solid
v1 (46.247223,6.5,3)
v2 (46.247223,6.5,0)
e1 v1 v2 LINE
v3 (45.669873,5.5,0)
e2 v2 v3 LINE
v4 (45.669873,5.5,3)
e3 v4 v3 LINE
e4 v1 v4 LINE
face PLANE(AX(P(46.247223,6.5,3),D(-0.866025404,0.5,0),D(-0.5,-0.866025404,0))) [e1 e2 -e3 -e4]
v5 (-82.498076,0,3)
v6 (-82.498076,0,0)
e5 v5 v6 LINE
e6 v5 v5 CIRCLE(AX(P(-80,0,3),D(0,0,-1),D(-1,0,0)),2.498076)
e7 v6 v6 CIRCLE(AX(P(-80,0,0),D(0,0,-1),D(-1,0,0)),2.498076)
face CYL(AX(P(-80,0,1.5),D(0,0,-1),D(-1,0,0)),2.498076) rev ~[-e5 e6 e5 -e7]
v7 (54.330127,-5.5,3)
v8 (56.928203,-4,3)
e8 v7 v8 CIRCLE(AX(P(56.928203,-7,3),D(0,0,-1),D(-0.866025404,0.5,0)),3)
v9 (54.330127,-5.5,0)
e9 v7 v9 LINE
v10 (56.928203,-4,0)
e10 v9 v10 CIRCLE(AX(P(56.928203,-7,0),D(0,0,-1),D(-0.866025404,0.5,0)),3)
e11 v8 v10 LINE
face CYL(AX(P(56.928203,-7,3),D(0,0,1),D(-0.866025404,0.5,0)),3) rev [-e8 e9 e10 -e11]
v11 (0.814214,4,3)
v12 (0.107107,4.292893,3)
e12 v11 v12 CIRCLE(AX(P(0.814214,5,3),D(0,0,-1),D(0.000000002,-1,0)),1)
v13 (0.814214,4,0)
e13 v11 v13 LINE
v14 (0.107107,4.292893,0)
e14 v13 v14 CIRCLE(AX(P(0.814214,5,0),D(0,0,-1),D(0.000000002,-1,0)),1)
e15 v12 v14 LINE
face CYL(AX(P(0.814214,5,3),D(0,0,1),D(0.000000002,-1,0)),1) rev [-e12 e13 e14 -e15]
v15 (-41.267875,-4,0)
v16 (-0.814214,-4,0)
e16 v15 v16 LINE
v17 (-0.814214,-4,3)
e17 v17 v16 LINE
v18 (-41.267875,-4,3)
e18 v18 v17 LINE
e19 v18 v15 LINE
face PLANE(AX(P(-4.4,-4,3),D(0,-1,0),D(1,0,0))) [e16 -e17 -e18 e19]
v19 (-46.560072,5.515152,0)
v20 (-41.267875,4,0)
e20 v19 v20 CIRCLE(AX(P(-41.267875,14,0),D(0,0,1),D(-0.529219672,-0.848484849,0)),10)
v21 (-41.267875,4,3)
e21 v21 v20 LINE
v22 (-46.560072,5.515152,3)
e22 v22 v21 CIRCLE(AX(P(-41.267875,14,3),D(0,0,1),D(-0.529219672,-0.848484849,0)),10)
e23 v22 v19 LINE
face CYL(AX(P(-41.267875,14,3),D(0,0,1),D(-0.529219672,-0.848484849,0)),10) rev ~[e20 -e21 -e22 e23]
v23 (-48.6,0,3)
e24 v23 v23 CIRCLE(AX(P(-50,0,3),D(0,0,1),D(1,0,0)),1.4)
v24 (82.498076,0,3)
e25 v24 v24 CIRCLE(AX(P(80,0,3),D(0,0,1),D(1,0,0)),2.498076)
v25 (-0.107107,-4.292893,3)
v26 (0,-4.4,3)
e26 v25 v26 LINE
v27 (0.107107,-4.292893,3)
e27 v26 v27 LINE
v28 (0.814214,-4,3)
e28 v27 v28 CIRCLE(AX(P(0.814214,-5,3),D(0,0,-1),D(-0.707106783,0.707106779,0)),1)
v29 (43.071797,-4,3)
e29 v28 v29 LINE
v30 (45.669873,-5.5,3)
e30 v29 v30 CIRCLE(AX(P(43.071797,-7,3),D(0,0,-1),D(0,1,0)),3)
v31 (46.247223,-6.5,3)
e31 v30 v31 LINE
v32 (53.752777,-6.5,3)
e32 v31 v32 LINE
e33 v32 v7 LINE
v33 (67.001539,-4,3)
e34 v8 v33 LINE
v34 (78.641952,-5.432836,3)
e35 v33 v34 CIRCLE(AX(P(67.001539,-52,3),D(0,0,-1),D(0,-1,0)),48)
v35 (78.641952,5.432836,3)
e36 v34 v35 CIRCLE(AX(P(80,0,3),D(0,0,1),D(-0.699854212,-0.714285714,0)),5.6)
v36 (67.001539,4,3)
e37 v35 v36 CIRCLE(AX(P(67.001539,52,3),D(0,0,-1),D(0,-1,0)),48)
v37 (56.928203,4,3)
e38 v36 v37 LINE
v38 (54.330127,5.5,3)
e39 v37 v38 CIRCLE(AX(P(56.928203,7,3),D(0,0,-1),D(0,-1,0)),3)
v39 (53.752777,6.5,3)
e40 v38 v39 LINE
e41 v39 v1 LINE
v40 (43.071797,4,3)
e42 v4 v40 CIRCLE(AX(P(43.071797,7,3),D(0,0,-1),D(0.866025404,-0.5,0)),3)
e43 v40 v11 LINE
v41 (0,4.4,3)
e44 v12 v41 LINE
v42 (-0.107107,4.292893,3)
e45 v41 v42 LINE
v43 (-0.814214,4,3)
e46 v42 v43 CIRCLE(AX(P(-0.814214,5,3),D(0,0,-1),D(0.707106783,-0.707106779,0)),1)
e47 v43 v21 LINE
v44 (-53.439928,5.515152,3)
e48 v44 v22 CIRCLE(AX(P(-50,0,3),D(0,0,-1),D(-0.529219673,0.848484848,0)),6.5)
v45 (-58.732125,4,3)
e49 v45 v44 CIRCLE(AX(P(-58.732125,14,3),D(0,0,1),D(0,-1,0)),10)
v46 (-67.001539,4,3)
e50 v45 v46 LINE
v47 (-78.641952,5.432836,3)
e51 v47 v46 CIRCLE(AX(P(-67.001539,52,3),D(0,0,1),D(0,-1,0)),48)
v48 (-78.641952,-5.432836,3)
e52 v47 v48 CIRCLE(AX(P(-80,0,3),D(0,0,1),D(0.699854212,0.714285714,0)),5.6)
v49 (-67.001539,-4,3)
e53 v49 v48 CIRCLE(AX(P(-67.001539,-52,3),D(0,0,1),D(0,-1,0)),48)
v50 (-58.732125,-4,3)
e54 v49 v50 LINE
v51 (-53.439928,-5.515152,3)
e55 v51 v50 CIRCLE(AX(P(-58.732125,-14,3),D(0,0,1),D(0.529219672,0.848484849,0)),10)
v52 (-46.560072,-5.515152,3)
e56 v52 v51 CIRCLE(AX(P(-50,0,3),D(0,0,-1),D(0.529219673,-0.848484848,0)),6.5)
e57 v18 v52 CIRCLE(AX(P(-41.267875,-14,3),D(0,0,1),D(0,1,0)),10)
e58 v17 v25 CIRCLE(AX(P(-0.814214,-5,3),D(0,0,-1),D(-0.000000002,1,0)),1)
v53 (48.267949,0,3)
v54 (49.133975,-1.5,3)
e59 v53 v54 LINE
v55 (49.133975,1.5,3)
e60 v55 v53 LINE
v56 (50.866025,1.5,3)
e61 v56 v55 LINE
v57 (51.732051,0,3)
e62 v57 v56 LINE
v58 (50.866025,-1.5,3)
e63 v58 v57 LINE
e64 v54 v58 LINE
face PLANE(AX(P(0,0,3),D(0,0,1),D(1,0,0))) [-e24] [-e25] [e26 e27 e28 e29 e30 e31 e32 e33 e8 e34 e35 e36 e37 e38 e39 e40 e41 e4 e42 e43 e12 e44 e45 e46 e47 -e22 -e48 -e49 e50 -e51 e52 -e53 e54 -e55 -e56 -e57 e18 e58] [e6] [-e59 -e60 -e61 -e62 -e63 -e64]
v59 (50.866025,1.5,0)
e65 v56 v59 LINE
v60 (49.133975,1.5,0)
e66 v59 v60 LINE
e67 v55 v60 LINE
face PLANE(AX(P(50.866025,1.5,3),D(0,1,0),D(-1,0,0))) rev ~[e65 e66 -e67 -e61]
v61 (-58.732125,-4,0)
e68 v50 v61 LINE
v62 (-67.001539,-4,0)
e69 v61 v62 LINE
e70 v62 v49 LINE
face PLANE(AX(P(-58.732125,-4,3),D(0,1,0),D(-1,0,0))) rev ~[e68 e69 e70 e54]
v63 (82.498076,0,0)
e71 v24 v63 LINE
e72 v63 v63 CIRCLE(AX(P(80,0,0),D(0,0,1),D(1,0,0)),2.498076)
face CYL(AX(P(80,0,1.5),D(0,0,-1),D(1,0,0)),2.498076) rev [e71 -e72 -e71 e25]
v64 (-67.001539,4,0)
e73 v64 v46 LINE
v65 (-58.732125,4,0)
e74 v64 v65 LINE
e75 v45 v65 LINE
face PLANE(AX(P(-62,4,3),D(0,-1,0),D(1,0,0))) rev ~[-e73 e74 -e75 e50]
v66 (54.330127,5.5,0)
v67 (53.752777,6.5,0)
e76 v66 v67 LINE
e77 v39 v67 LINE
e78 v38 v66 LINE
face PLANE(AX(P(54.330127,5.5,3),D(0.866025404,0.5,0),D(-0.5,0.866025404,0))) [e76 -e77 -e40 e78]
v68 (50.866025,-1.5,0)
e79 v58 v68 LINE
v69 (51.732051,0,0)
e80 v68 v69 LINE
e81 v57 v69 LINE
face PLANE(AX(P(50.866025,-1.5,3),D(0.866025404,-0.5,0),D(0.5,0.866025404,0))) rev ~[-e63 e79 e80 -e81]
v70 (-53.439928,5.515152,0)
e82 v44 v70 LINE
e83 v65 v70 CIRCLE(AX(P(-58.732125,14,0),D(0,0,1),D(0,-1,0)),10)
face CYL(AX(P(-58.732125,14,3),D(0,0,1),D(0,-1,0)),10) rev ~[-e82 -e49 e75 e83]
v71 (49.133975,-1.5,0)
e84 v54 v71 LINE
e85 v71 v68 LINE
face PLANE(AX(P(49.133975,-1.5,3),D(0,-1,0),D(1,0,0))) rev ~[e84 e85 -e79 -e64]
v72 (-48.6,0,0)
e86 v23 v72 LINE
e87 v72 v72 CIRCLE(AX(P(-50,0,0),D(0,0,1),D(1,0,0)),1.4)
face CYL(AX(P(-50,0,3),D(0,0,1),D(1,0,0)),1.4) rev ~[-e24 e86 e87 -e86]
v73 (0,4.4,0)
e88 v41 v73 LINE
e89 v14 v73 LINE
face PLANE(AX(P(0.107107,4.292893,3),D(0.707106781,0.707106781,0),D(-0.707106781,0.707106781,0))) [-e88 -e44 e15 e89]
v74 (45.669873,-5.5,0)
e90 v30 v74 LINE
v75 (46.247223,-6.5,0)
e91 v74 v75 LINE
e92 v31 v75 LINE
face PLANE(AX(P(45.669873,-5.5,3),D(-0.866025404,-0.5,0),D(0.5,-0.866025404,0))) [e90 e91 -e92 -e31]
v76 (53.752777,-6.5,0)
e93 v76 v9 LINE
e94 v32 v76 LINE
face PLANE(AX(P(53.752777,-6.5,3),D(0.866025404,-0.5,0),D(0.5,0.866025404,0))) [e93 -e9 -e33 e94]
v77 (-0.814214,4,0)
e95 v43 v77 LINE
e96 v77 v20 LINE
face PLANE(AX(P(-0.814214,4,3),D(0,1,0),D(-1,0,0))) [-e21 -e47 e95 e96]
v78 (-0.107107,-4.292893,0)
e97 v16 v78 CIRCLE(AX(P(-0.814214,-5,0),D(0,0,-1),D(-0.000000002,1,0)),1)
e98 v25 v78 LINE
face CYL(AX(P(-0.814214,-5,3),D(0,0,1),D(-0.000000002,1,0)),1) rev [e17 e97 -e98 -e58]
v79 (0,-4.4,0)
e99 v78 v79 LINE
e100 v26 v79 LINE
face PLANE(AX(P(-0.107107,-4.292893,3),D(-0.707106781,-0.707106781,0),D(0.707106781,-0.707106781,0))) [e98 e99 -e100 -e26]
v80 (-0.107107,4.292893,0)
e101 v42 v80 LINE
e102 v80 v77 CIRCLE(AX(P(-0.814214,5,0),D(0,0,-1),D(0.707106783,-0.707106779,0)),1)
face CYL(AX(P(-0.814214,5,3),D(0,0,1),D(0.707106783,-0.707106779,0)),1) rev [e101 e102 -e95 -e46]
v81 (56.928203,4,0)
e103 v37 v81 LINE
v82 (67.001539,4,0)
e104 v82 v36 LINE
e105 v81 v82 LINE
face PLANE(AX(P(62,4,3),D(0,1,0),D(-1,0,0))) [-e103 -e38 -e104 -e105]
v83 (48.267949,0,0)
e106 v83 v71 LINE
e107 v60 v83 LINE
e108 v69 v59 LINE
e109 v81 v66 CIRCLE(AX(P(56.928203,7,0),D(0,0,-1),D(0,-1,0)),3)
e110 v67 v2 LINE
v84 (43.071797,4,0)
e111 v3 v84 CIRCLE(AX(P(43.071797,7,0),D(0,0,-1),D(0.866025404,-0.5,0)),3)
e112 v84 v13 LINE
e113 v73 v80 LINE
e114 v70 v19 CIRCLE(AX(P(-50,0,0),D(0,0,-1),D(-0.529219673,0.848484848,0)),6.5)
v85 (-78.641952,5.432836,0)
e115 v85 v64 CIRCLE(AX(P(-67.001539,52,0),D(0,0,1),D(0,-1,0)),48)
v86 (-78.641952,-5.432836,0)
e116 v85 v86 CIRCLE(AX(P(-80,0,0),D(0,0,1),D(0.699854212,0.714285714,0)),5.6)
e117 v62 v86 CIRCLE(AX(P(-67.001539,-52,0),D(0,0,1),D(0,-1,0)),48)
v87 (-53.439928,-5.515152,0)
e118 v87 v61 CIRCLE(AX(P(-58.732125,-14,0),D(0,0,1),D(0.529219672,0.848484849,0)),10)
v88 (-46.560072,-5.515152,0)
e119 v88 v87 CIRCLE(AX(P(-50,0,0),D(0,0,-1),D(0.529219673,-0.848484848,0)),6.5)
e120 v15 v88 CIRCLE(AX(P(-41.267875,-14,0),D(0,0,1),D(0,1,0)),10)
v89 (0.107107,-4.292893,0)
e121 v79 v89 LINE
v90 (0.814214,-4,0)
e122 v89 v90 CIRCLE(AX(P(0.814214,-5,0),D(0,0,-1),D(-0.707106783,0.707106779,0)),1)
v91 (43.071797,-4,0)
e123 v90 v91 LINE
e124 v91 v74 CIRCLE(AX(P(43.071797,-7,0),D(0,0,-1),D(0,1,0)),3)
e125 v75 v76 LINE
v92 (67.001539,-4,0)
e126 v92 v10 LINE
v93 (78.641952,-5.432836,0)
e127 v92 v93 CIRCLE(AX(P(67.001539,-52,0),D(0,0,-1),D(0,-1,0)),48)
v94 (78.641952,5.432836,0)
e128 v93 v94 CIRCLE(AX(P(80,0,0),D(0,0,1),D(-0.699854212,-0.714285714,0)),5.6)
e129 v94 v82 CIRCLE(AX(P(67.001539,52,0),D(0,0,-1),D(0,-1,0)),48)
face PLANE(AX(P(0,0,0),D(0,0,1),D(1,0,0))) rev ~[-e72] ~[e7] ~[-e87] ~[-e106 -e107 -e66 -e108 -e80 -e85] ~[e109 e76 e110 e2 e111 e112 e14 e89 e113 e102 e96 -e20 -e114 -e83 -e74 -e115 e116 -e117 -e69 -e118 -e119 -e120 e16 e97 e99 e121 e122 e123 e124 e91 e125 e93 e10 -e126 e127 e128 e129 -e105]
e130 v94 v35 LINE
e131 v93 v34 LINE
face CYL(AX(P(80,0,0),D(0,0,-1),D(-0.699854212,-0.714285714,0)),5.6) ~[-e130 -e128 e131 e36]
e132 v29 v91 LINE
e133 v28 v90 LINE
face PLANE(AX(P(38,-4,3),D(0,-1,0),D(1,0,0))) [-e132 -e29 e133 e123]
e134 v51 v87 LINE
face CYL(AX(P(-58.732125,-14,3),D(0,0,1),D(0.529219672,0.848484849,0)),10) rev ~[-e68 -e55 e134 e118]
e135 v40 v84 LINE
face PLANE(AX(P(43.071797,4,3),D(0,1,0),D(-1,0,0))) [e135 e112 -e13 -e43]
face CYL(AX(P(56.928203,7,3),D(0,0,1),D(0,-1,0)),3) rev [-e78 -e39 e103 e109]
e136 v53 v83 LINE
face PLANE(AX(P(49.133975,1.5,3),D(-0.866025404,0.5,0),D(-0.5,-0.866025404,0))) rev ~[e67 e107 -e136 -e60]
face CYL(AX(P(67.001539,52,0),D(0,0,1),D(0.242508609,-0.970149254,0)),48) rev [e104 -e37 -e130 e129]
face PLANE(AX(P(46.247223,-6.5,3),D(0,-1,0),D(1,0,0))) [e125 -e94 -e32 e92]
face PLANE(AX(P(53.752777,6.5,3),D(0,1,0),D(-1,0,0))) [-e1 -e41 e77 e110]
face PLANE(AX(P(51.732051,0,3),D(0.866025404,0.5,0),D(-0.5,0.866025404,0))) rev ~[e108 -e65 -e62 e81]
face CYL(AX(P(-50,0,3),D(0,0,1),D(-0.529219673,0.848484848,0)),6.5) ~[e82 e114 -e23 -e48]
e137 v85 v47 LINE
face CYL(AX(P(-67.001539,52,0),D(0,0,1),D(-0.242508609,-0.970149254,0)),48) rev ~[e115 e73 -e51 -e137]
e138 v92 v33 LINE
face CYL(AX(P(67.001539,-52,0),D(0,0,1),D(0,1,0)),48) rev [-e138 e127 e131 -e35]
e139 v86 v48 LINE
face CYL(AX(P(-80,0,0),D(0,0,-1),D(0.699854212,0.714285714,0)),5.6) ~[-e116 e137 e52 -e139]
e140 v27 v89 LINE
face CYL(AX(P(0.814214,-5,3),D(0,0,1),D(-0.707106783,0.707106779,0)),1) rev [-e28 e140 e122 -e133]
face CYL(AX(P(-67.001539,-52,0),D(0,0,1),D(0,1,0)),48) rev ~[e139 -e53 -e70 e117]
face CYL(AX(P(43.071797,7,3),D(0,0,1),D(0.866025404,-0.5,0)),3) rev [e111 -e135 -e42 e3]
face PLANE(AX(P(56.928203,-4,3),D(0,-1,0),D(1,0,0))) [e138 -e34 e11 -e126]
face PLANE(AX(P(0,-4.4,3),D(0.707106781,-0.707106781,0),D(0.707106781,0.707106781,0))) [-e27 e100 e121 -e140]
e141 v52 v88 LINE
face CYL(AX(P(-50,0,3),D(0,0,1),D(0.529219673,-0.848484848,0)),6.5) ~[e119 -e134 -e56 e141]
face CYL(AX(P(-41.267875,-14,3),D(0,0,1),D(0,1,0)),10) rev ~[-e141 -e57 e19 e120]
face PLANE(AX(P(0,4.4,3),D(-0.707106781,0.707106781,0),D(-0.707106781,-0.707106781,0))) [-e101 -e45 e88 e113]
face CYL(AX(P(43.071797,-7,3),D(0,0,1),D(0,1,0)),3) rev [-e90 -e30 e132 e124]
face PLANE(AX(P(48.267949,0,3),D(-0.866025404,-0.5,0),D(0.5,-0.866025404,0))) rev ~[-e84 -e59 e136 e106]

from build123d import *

# Parameters (mm, degrees)
SKETCH1_R           = 1.5
BOSS_EXTRUDE1_DEPTH = 3
SKETCH3_W           = 1.998076211
SKETCH3_H           = 3
FILLET1_R           = 48
BOSS_EXTRUDE3_DEPTH = 3
SKETCH8_R           = 1.4
CUT_EXTRUDE3_DEPTH  = 4
SKETCH9_R           = 4
BOSS_EXTRUDE6_DEPTH = 3


with BuildPart() as part:
    # Sketch1 → Boss-Extrude1 (new body)
    with BuildSketch(Plane.XY):
        with BuildLine():
            Line((-76.080816412, -4), (76.080816412, -4))
            ThreePointArc((76.080816412, -4), (85.6, 0), (76.080816412, 4))
            Line((76.080816412, 4), (-76.080816412, 4))
            ThreePointArc((-76.080816412, 4), (-85.6, 0), (-76.080816412, -4))
        make_face()
        with Locations((-80, 0)):
            Circle(SKETCH1_R, mode=Mode.SUBTRACT)
        with Locations((80, 0)):
            Circle(SKETCH1_R, mode=Mode.SUBTRACT)
    extrude(amount=BOSS_EXTRUDE1_DEPTH)

    # Sketch3 → Cut-Revolve1 (revolve, cut)
    with BuildSketch(Plane(origin=(0, 0, 0), x_dir=(1, 0, 0), z_dir=(0, 1, 0))):
        with Locations((81.499038106, -1.5)):
            Rectangle(SKETCH3_W, SKETCH3_H)
    cut_revolve1 = revolve(axis=Axis((80, 0, 0), (0, 0, 1)), mode=Mode.SUBTRACT)

    # Mirror1: Cut-Revolve1 across plane
    add(cut_revolve1.mirror(Plane(origin=(0, 0, 0), x_dir=(0, 0, 1), z_dir=(1, 0, 0))), mode=Mode.SUBTRACT)

    # Fillet1
    fillet1_edges = [part.edges().sort_by_distance(p)[0] for p in [
        (76.080816412, -4, 1.5),
        (-76.080816412, -4, 1.5),
        (-76.080816412, 4, 1.5),
        (76.080816412, 4, 1.5),
    ]]
    fillet(fillet1_edges, radius=FILLET1_R)

    # Sketch4 → Boss-Extrude3 (add, through all)
    with BuildSketch(Plane.XY.offset(3)):
        with BuildLine():
            Line((0, -4.4), (0.107106781, -4.292893219))
            ThreePointArc((0.107106781, -4.292893219), (0.43153013, -4.076120467), (0.814213562, -4))
            Line((0.814213562, -4), (4.4, -4))
            Line((4.4, -4), (4.4, 4))
            Line((4.4, 4), (0.814213562, 4))
            ThreePointArc((0.814213562, 4), (0.43153013, 4.076120467), (0.107106781, 4.292893219))
            Line((0.107106781, 4.292893219), (0, 4.4))
            Line((0, 4.4), (-0.107106781, 4.292893219))
            ThreePointArc((-0.107106781, 4.292893219), (-0.43153013, 4.076120467), (-0.814213562, 4))
            Line((-0.814213562, 4), (-4.4, 4))
            Line((-4.4, 4), (-4.4, -4))
            Line((-4.4, -4), (-0.814213562, -4))
            ThreePointArc((-0.814213562, -4), (-0.43153013, -4.076120467), (-0.107106781, -4.292893219))
            Line((-0.107106781, -4.292893219), (0, -4.4))
        make_face()
    extrude(amount=-BOSS_EXTRUDE3_DEPTH)

    # Sketch8 → Cut-Extrude3 (cut, through all)
    with BuildSketch(Plane.XY.offset(3)):
        with Locations((-50, 0)):
            Circle(SKETCH8_R)
        Polygon((51.732050808, 0), (50.866025404, 1.5), (49.133974596, 1.5), (48.267949192, 0), (49.133974596, -1.5), (50.866025404, -1.5), align=None)
    extrude(amount=-CUT_EXTRUDE3_DEPTH, mode=Mode.SUBTRACT)

    # Sketch9 → Boss-Extrude6 (add, through all)
    with BuildSketch(Plane.XY.offset(3)):
        with BuildLine():
            Line((38, -4), (43.07179677, -4))
            ThreePointArc((43.07179677, -4), (44.57179677, -4.401923789), (45.669872981, -5.5))
            Line((45.669872981, -5.5), (46.24722325, -6.5))
            Line((46.24722325, -6.5), (53.75277675, -6.5))
            Line((53.75277675, -6.5), (54.330127019, -5.5))
            ThreePointArc((54.330127019, -5.5), (55.42820323, -4.401923789), (56.92820323, -4))
            Line((56.92820323, -4), (62, -4))
            Line((62, -4), (62, 4))
            Line((62, 4), (56.92820323, 4))
            ThreePointArc((56.92820323, 4), (55.42820323, 4.401923789), (54.330127019, 5.5))
            Line((54.330127019, 5.5), (53.75277675, 6.5))
            Line((53.75277675, 6.5), (46.24722325, 6.5))
            Line((46.24722325, 6.5), (45.669872981, 5.5))
            ThreePointArc((45.669872981, 5.5), (44.57179677, 4.401923789), (43.07179677, 4))
            Line((43.07179677, 4), (38, 4))
            Line((38, 4), (38, -4))
        make_face()
        with Locations((50, 0)):
            Circle(SKETCH9_R, mode=Mode.SUBTRACT)
        with BuildLine():
            Line((-58.732124598, -4), (-62, -4))
            Line((-62, -4), (-62, 4))
            Line((-62, 4), (-58.732124598, 4))
            ThreePointArc((-58.732124598, 4), (-55.979715185, 4.386247225), (-53.439927872, 5.515151515))
            ThreePointArc((-53.439927872, 5.515151515), (-50, 6.5), (-46.560072128, 5.515151515))
            ThreePointArc((-46.560072128, 5.515151515), (-44.020284815, 4.386247225), (-41.267875402, 4))
            Line((-41.267875402, 4), (-38, 4))
            Line((-38, 4), (-38, -4))
            Line((-38, -4), (-41.267875402, -4))
            ThreePointArc((-41.267875402, -4), (-44.020284815, -4.386247225), (-46.560072128, -5.515151515))
            ThreePointArc((-46.560072128, -5.515151515), (-50, -6.5), (-53.439927872, -5.515151515))
            ThreePointArc((-53.439927872, -5.515151515), (-55.979715185, -4.386247225), (-58.732124598, -4))
        make_face()
        with Locations((-50, 0)):
            Circle(SKETCH9_R, mode=Mode.SUBTRACT)
    extrude(amount=-BOSS_EXTRUDE6_DEPTH)


solid = part.part
